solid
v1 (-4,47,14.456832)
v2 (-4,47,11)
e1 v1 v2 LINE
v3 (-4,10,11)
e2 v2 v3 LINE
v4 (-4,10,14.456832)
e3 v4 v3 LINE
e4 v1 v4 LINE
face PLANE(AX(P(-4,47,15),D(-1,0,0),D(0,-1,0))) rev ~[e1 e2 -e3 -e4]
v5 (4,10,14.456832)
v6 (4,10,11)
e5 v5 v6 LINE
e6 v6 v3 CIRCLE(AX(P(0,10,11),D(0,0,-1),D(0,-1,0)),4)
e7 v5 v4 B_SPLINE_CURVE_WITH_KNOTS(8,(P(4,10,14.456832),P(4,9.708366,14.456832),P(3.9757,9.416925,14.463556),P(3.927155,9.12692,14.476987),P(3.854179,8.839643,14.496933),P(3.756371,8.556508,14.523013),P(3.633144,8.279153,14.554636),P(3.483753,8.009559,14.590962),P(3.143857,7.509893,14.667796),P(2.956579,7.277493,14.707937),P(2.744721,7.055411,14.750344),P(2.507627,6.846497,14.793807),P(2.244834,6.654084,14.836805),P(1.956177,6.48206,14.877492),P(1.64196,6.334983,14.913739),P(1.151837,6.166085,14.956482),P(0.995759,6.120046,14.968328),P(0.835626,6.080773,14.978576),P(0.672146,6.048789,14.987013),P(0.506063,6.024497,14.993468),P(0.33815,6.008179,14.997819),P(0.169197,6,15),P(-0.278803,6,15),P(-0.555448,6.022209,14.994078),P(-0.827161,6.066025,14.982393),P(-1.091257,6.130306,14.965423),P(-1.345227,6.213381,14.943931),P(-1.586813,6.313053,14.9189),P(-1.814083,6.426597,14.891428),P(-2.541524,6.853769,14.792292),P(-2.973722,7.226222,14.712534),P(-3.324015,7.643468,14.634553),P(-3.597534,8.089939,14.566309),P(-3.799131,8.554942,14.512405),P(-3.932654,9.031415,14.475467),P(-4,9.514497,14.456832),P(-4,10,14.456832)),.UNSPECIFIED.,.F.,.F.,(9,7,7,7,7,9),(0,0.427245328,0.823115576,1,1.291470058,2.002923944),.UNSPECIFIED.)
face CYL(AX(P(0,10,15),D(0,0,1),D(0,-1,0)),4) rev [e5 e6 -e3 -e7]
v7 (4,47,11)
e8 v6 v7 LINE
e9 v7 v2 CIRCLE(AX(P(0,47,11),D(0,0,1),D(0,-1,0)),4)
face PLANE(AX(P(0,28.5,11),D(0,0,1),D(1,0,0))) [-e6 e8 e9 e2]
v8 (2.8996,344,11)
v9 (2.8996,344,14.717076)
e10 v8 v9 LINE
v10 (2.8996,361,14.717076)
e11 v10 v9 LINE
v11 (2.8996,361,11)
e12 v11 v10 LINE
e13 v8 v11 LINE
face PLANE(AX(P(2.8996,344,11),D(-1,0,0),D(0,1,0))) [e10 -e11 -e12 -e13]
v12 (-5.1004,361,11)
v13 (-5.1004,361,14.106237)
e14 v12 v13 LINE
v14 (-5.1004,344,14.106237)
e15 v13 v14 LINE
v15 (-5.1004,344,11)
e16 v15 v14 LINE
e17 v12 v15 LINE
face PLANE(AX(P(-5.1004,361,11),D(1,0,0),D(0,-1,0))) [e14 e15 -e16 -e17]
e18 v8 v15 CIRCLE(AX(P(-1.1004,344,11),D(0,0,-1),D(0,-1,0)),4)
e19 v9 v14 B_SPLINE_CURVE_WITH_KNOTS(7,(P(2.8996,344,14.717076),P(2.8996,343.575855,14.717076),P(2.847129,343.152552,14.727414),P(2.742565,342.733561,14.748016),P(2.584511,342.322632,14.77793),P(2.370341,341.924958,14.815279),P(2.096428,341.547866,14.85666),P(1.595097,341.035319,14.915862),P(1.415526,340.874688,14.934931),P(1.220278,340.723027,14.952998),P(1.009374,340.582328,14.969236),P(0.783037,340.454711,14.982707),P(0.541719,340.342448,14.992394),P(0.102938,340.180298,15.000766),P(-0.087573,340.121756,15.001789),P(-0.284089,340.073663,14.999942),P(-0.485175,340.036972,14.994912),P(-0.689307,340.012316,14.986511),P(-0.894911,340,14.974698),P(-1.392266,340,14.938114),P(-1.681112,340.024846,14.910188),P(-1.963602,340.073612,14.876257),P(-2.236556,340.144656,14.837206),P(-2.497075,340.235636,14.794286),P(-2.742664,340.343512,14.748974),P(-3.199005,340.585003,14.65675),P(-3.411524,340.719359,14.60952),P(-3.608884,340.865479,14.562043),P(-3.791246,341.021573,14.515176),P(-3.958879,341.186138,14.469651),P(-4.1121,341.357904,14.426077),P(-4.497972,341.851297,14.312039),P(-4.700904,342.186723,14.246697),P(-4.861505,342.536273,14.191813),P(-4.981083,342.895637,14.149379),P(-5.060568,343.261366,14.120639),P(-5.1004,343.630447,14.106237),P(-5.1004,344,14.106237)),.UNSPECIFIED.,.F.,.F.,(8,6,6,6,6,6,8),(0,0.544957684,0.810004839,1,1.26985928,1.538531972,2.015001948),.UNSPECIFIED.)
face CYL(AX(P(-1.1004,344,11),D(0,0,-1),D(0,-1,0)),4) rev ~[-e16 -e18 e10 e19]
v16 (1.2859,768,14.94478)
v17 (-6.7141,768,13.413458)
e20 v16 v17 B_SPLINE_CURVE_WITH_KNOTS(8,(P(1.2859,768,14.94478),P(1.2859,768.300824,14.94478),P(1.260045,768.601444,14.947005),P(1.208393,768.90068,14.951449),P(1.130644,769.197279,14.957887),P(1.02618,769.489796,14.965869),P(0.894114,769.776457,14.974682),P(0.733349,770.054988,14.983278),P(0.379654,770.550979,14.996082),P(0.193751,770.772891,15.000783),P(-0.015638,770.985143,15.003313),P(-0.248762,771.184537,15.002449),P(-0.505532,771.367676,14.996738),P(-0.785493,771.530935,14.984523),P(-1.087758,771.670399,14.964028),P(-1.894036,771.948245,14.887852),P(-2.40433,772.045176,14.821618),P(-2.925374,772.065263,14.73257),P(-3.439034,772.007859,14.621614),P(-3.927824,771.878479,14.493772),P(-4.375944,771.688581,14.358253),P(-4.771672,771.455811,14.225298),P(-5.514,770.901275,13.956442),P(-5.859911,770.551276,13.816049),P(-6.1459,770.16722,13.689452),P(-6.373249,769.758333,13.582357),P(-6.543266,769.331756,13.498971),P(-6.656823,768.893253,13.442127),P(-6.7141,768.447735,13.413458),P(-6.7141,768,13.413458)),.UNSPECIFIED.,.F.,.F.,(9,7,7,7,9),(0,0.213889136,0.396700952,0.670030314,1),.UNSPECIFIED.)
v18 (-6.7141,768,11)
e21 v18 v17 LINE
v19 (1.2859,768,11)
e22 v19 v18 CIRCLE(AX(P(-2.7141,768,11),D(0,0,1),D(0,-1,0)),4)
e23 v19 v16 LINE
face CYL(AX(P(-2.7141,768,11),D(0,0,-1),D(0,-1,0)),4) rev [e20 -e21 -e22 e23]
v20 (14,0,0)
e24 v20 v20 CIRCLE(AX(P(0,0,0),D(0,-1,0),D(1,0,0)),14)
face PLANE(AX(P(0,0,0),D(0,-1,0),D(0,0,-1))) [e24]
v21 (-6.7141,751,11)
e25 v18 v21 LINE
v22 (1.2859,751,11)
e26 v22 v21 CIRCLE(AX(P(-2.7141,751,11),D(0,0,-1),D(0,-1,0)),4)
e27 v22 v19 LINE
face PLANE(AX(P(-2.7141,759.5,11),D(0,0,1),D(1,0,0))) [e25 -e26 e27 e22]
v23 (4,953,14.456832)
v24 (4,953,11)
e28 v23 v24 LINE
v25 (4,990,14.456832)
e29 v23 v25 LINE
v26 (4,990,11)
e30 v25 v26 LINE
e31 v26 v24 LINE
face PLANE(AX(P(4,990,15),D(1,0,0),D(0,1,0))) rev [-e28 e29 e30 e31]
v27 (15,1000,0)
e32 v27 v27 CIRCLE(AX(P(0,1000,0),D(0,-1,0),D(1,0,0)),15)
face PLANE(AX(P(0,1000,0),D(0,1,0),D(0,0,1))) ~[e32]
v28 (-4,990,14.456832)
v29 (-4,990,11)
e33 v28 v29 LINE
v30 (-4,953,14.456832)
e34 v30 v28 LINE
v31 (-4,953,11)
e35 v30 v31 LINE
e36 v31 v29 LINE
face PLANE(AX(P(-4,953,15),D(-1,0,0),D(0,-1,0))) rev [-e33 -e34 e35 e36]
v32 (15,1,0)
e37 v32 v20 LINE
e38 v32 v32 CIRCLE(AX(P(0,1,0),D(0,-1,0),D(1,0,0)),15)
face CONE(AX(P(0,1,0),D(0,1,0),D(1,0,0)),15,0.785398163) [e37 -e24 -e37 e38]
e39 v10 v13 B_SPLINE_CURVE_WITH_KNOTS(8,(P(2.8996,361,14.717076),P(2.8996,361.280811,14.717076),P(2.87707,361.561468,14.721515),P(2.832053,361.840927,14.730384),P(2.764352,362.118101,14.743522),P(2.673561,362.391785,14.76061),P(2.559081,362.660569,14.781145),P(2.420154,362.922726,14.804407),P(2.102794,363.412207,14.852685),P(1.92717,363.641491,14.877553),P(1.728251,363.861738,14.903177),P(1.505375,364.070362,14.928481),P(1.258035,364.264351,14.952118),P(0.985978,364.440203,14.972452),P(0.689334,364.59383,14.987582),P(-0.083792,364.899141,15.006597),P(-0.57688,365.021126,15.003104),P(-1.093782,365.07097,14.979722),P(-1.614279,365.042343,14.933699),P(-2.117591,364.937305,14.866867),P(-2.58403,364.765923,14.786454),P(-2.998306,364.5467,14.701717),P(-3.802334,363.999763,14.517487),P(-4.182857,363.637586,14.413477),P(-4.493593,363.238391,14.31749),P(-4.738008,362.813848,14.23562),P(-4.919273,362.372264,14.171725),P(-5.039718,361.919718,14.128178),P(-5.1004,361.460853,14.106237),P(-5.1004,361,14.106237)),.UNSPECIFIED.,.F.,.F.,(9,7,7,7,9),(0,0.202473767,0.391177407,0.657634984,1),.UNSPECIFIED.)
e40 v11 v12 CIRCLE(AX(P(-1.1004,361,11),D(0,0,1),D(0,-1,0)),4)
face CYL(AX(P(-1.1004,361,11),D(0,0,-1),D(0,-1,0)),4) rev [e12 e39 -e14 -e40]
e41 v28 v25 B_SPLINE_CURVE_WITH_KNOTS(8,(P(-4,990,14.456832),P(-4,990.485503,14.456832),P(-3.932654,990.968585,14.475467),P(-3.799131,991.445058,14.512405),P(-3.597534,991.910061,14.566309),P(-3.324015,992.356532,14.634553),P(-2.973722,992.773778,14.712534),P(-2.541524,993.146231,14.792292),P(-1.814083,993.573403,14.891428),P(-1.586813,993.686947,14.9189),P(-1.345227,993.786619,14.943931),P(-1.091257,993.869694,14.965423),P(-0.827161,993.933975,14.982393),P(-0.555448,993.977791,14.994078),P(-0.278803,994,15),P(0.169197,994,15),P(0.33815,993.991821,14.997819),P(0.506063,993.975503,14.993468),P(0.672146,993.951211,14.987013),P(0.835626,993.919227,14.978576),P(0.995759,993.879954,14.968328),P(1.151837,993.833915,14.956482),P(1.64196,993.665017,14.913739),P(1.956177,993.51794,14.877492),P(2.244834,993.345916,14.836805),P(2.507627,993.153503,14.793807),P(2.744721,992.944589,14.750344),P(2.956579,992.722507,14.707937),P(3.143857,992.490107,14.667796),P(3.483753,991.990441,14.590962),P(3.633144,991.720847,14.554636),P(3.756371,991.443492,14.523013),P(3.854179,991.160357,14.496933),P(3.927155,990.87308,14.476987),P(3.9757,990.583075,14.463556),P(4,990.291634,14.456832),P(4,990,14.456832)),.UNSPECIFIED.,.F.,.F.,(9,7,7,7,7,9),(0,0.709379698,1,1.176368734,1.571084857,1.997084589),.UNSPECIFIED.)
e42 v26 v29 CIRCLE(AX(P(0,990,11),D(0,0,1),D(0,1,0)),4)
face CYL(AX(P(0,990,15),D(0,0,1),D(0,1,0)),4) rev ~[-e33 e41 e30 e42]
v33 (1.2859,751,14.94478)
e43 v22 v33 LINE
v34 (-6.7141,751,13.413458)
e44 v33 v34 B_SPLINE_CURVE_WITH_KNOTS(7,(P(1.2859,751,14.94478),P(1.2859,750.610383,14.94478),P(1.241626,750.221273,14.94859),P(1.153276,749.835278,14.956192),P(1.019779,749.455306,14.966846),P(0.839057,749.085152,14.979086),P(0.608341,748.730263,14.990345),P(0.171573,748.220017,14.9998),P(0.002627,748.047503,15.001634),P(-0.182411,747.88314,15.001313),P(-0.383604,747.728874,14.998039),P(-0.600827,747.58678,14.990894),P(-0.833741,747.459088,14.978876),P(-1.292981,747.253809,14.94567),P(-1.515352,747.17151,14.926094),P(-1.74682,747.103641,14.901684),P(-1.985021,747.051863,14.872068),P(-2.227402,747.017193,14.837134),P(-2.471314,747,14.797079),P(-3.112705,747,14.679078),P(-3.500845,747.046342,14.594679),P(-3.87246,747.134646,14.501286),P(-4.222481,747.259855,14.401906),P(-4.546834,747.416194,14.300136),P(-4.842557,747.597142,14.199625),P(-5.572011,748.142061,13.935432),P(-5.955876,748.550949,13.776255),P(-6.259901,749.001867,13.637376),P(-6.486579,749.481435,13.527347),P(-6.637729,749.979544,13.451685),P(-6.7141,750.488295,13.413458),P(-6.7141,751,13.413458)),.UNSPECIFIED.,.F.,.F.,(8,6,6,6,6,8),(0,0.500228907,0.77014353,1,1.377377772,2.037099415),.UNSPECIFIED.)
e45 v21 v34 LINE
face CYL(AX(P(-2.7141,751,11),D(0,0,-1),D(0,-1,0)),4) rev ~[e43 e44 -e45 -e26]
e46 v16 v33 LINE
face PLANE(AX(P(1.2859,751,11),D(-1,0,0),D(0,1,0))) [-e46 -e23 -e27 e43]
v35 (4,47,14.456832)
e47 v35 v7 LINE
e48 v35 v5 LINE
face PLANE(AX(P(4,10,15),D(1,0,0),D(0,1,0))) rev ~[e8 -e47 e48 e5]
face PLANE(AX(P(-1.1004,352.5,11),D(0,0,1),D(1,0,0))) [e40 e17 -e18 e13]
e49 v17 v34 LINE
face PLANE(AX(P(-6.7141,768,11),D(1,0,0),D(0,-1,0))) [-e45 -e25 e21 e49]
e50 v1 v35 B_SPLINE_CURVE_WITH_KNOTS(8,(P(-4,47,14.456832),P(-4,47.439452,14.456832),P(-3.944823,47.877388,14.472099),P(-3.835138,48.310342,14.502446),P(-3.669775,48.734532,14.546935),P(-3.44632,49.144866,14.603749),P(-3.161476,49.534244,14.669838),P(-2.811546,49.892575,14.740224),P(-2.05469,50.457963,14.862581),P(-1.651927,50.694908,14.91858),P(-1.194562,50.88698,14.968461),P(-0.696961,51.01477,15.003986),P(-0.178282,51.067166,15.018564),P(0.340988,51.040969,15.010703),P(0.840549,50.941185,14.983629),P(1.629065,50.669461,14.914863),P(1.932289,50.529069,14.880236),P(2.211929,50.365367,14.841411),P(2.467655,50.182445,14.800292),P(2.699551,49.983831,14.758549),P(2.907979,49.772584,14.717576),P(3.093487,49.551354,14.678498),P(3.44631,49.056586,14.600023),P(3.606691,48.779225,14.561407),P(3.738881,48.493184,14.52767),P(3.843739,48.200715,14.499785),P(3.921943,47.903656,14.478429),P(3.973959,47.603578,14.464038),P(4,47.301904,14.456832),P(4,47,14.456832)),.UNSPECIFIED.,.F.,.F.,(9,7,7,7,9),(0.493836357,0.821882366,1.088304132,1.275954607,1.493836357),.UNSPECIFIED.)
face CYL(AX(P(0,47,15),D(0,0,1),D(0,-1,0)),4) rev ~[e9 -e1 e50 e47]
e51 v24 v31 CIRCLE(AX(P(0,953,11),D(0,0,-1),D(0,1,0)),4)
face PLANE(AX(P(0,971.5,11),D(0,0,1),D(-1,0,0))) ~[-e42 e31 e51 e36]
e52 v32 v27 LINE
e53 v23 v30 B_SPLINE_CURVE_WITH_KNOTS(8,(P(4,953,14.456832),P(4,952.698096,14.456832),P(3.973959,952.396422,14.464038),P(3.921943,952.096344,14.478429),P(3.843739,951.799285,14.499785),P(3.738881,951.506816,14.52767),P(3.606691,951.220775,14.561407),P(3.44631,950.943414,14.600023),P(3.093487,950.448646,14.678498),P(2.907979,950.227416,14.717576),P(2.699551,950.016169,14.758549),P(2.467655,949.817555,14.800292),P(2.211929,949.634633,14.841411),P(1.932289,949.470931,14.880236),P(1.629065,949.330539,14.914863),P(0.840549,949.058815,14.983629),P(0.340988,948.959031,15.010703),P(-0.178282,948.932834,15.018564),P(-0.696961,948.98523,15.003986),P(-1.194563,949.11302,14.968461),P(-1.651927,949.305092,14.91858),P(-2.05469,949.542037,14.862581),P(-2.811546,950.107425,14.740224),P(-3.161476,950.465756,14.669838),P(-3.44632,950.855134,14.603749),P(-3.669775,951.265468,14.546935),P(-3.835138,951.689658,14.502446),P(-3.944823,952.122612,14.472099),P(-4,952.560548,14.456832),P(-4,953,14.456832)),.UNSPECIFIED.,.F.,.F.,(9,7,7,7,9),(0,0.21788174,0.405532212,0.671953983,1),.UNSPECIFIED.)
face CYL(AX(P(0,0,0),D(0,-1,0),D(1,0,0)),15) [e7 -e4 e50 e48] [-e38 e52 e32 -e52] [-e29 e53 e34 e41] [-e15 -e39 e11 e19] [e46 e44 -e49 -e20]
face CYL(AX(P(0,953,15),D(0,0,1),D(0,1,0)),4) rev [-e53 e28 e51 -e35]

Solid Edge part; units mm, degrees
sketch "Sketch1" plane through (10.8674, 0, 10.8674) normal (0, -1, 0) x (1, 0, 0)
  circle A0 centre (-10.8674, -10.8674) radius 15
extrude "Protrusion1" add sketch "Sketch1" against normal blind 500
chamfer "Chamfer" distance 1 angle 45 1 edges at (-15, 0, 0)
sketch "Sketch2" plane through (0, 250.5, 15) normal (0, 0, 1) x (0, -1, 0)
  line L0 (203.5, -4) -> (240.5, -4)
  arc A0 (240.5, 4) -> (240.5, -4) centre (240.5, 0) cw
  line L1 (240.5, 4) -> (203.5, 4)
  arc A1 (203.5, 4) -> (203.5, -4) centre (203.5, 0) ccw
  dimension "D1" = 8
  dimension "D2" = 10
extrude "KeySlot_Wheel_Hub" cut sketch "Sketch2" against normal blind 4
mirror "Mirror1" about plane through (0, 500, 0) normal (0, 1, 0) of "Protrusion1", "KeySlot_Wheel_Hub"
sketch "Sketch3" plane through (-2.7141, 250.8352, 11) normal (0, 0, 1) x (0, -1, 0)
  line L0 (-517.1648, -4) -> (-500.1648, -4)
  arc A0 (-500.1648, 4) -> (-500.1648, -4) centre (-500.1648, 0) cw
  line L1 (-500.1648, 4) -> (-517.1648, 4)
  arc A1 (-517.1648, 4) -> (-517.1648, -4) centre (-517.1648, 0) ccw
  dimension "D1" = 228
extrude "Cutout2" cut sketch "Sketch3" along normal blind 61.758
sketch "Sketch4" plane through (-1.1004, 261.9084, 11) normal (0, 0, 1) x (0, -1, 0)
  line L0 (-99.0916, -4) -> (-82.0916, -4)
  arc A0 (-82.0916, 4) -> (-82.0916, -4) centre (-82.0916, 0) cw
  line L1 (-82.0916, 4) -> (-99.0916, 4)
  arc A1 (-99.0916, 4) -> (-99.0916, -4) centre (-99.0916, 0) ccw
  dimension "D1" = 635
extrude "KeySlot_Chain_Sprocket_Hub" cut sketch "Sketch4" along normal blind 21.355
properties material "Steel"
